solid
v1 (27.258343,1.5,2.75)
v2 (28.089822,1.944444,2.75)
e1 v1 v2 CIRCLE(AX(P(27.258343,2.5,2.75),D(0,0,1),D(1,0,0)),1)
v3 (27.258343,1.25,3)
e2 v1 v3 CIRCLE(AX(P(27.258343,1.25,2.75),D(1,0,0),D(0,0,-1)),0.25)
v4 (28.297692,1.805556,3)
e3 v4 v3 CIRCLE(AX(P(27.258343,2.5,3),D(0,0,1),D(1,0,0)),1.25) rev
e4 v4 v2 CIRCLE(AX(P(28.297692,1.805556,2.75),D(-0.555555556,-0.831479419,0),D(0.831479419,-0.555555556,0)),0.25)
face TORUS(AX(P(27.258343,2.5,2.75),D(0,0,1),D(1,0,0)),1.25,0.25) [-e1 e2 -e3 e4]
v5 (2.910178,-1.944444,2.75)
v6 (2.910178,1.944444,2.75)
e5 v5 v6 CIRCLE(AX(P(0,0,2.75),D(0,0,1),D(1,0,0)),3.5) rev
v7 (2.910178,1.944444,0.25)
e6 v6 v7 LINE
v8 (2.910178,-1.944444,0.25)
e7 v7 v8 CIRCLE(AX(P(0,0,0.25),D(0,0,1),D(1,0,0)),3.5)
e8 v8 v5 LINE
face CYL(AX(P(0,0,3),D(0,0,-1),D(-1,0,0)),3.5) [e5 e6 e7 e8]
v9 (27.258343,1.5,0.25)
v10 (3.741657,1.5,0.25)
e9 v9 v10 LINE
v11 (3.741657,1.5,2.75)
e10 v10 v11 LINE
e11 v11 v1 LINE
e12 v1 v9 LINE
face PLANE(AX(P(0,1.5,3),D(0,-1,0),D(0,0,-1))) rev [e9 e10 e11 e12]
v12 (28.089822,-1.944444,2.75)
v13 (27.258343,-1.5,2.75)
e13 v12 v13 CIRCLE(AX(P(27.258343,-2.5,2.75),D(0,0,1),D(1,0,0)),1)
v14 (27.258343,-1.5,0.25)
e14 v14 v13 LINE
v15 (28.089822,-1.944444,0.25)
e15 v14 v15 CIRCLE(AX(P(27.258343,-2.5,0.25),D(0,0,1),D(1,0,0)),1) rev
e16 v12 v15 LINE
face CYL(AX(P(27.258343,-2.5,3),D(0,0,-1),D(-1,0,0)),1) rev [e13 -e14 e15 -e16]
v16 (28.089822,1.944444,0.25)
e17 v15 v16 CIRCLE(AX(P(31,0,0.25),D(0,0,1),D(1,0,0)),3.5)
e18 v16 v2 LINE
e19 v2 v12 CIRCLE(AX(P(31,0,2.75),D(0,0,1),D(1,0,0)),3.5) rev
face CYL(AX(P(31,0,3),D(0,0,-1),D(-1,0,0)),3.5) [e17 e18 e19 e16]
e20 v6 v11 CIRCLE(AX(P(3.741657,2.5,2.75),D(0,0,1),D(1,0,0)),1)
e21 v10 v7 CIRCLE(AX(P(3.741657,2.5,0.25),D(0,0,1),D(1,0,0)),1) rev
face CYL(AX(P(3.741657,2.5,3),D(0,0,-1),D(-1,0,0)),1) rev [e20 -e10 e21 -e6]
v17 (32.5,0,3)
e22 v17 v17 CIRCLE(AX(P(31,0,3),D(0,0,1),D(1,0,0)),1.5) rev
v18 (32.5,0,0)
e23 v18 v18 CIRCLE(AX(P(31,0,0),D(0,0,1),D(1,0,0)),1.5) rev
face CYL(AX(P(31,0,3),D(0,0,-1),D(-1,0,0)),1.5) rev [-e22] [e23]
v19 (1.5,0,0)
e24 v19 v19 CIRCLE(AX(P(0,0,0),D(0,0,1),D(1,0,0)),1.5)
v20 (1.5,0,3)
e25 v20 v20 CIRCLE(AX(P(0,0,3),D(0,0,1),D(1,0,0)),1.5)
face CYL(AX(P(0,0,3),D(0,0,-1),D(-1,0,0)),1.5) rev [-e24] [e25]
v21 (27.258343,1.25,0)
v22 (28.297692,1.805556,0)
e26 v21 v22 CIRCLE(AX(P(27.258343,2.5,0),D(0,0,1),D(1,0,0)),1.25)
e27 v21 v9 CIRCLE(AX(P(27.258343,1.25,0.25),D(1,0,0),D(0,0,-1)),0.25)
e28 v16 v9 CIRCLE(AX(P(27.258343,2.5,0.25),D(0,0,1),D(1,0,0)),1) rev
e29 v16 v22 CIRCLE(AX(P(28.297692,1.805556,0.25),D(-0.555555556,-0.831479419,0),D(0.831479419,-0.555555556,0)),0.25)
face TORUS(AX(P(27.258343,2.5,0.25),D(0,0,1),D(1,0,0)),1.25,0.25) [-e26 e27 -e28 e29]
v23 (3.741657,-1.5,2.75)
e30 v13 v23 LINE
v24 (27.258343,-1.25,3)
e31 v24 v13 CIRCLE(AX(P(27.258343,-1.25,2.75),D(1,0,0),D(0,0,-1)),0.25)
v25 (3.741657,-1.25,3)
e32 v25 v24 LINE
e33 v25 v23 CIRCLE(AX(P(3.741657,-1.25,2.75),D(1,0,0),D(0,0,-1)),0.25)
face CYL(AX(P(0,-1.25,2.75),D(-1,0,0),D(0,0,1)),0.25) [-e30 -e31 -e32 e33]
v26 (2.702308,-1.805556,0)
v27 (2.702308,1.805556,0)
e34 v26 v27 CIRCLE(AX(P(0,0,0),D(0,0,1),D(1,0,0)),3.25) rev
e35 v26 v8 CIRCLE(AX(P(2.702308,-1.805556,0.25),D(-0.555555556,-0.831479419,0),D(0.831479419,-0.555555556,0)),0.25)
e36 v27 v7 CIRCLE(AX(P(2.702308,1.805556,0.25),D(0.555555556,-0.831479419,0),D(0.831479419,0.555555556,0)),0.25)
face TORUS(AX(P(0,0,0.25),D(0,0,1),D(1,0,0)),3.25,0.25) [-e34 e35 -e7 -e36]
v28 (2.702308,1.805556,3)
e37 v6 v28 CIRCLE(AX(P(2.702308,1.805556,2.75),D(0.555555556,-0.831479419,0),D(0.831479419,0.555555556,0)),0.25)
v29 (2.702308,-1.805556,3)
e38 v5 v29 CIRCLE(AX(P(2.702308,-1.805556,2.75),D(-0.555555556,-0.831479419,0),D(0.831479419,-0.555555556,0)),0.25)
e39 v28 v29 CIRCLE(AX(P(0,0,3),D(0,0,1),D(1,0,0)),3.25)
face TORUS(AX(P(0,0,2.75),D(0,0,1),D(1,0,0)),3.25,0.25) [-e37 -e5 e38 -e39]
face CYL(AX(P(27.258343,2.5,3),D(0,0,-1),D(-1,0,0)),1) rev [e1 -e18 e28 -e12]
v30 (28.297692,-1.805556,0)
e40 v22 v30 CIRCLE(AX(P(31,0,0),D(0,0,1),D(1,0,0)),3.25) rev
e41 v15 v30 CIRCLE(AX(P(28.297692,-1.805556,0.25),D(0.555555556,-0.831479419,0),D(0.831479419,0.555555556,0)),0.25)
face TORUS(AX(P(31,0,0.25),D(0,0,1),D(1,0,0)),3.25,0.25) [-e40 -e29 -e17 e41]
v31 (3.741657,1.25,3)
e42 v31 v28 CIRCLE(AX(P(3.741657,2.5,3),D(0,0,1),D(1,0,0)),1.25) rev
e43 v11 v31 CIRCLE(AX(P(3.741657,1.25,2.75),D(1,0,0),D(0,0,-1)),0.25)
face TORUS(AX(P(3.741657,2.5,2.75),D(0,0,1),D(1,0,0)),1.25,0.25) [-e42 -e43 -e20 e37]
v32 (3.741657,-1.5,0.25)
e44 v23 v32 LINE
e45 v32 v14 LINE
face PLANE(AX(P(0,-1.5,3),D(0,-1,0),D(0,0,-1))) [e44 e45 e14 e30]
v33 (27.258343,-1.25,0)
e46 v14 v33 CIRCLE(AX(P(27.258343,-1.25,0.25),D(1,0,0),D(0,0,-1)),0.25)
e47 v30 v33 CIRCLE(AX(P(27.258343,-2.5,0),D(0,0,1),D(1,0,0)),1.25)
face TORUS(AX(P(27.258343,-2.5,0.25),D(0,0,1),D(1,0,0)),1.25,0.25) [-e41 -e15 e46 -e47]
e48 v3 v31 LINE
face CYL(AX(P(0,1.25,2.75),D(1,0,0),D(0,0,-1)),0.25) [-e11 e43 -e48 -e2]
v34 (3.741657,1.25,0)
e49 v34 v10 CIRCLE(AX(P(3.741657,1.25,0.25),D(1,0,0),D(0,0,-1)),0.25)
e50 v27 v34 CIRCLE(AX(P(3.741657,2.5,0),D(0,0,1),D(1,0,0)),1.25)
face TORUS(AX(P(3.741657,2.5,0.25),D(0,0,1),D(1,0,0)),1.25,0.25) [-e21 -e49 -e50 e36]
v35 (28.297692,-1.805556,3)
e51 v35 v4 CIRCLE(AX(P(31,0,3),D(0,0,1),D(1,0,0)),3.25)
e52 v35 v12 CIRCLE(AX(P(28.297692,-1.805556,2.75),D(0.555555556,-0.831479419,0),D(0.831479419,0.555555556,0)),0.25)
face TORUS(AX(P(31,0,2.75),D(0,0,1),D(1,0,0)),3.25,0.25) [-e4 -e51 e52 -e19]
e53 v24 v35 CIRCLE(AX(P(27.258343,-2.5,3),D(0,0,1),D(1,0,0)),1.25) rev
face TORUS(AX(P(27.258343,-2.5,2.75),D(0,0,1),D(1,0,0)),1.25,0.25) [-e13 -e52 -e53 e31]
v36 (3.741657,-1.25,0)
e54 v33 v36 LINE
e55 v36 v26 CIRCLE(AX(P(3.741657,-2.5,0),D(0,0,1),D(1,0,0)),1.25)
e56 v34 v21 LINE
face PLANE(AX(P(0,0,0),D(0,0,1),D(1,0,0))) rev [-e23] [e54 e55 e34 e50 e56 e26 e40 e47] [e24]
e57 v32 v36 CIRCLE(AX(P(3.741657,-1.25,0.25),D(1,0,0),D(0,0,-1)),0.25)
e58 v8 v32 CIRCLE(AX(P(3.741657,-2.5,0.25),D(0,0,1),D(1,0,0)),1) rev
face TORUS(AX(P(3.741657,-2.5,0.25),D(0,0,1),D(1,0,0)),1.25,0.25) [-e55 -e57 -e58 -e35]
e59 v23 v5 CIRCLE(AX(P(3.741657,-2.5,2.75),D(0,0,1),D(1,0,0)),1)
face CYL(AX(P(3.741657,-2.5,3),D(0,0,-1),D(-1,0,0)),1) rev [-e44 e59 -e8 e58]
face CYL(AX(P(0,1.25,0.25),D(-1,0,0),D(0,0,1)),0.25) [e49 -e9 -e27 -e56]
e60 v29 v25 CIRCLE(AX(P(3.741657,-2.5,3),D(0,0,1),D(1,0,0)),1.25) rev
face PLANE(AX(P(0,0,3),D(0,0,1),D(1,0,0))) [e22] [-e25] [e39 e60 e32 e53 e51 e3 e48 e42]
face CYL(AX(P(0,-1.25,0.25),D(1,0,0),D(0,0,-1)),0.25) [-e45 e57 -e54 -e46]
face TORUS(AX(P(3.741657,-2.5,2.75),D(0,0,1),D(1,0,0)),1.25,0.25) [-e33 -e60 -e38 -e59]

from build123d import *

# Parameters (mm, degrees)
SKETCH3_R           = 1.5
BOSS_EXTRUDE2_DEPTH = 3
FILLET1_R           = 1
FILLET2_R           = 0.25


with BuildPart() as part:
    # Sketch3 → Boss-Extrude2 (new body)
    # profile 1 of 5: a face of its own
    with BuildSketch(Plane.XY):
        with BuildLine():
            ThreePointArc((3.16227766, 1.5), (-3.5, 0), (3.16227766, -1.5))
            Line((3.16227766, -1.5), (3.16227766, 1.5))
        make_face()
        Circle(SKETCH3_R, mode=Mode.SUBTRACT)
    # profile 2 of 5: a face of its own
    with BuildSketch(Plane.XY):
        with BuildLine():
            Line((3.16227766, 1.5), (3.16227766, -1.5))
            ThreePointArc((3.16227766, -1.5), (3.414525722, -0.768774411), (3.5, 0))
            ThreePointArc((3.5, 0), (3.414525722, 0.768774411), (3.16227766, 1.5))
        make_face()
    # profile 3 of 5: a face of its own
    with BuildSketch(Plane.XY):
        with BuildLine():
            Line((3.16227766, -1.5), (27.83772234, -1.5))
            ThreePointArc((27.83772234, -1.5), (27.5, 0), (27.83772234, 1.5))
            Line((27.83772234, 1.5), (3.16227766, 1.5))
            ThreePointArc((3.16227766, 1.5), (3.414525722, 0.768774411), (3.5, 0))
            ThreePointArc((3.5, 0), (3.414525722, -0.768774411), (3.16227766, -1.5))
        make_face()
    # profile 4 of 5: a face of its own
    with BuildSketch(Plane.XY):
        with BuildLine():
            Line((27.83772234, 1.5), (27.83772234, -1.5))
            ThreePointArc((27.83772234, -1.5), (31.768774411, -3.414525722), (34.5, 0))
            ThreePointArc((34.5, 0), (31.768774411, 3.414525722), (27.83772234, 1.5))
        make_face()
        with Locations((31, 0)):
            Circle(SKETCH3_R, mode=Mode.SUBTRACT)
    # profile 5 of 5: a face of its own
    with BuildSketch(Plane.XY):
        with BuildLine():
            ThreePointArc((27.83772234, 1.5), (27.5, 0), (27.83772234, -1.5))
            Line((27.83772234, -1.5), (27.83772234, 1.5))
        make_face()
    extrude(amount=BOSS_EXTRUDE2_DEPTH)

    # Fillet1
    fillet1_edges = [part.edges().sort_by_distance(p)[0] for p in [
        (3.16227766, 1.5, 1.5),
        (27.83772234, 1.5, 1.5),
        (27.83772234, -1.5, 1.5),
        (3.16227766, -1.5, 1.5),
    ]]
    fillet(fillet1_edges, radius=FILLET1_R)

    # Fillet2
    fillet2_edges = [part.edges().sort_by_distance(p)[0] for p in [
        (15.5, -1.5, 0),
        (15.5, -1.5, 3),
        (-3.5, 0, 0),
        (-3.5, 0, 3),
        (15.5, 1.5, 0),
        (15.5, 1.5, 3),
        (34.5, 0, 0),
        (34.5, 0, 3),
        (3.270252866, -1.618082896, 0),
        (3.270252866, -1.618082896, 3),
        (3.270252866, 1.618082896, 0),
        (3.270252866, 1.618082896, 3),
        (27.729747134, 1.618082896, 0),
        (27.729747134, 1.618082896, 3),
        (27.729747134, -1.618082896, 0),
        (27.729747134, -1.618082896, 3),
    ]]
    fillet(fillet2_edges, radius=FILLET2_R)


solid = part.part
